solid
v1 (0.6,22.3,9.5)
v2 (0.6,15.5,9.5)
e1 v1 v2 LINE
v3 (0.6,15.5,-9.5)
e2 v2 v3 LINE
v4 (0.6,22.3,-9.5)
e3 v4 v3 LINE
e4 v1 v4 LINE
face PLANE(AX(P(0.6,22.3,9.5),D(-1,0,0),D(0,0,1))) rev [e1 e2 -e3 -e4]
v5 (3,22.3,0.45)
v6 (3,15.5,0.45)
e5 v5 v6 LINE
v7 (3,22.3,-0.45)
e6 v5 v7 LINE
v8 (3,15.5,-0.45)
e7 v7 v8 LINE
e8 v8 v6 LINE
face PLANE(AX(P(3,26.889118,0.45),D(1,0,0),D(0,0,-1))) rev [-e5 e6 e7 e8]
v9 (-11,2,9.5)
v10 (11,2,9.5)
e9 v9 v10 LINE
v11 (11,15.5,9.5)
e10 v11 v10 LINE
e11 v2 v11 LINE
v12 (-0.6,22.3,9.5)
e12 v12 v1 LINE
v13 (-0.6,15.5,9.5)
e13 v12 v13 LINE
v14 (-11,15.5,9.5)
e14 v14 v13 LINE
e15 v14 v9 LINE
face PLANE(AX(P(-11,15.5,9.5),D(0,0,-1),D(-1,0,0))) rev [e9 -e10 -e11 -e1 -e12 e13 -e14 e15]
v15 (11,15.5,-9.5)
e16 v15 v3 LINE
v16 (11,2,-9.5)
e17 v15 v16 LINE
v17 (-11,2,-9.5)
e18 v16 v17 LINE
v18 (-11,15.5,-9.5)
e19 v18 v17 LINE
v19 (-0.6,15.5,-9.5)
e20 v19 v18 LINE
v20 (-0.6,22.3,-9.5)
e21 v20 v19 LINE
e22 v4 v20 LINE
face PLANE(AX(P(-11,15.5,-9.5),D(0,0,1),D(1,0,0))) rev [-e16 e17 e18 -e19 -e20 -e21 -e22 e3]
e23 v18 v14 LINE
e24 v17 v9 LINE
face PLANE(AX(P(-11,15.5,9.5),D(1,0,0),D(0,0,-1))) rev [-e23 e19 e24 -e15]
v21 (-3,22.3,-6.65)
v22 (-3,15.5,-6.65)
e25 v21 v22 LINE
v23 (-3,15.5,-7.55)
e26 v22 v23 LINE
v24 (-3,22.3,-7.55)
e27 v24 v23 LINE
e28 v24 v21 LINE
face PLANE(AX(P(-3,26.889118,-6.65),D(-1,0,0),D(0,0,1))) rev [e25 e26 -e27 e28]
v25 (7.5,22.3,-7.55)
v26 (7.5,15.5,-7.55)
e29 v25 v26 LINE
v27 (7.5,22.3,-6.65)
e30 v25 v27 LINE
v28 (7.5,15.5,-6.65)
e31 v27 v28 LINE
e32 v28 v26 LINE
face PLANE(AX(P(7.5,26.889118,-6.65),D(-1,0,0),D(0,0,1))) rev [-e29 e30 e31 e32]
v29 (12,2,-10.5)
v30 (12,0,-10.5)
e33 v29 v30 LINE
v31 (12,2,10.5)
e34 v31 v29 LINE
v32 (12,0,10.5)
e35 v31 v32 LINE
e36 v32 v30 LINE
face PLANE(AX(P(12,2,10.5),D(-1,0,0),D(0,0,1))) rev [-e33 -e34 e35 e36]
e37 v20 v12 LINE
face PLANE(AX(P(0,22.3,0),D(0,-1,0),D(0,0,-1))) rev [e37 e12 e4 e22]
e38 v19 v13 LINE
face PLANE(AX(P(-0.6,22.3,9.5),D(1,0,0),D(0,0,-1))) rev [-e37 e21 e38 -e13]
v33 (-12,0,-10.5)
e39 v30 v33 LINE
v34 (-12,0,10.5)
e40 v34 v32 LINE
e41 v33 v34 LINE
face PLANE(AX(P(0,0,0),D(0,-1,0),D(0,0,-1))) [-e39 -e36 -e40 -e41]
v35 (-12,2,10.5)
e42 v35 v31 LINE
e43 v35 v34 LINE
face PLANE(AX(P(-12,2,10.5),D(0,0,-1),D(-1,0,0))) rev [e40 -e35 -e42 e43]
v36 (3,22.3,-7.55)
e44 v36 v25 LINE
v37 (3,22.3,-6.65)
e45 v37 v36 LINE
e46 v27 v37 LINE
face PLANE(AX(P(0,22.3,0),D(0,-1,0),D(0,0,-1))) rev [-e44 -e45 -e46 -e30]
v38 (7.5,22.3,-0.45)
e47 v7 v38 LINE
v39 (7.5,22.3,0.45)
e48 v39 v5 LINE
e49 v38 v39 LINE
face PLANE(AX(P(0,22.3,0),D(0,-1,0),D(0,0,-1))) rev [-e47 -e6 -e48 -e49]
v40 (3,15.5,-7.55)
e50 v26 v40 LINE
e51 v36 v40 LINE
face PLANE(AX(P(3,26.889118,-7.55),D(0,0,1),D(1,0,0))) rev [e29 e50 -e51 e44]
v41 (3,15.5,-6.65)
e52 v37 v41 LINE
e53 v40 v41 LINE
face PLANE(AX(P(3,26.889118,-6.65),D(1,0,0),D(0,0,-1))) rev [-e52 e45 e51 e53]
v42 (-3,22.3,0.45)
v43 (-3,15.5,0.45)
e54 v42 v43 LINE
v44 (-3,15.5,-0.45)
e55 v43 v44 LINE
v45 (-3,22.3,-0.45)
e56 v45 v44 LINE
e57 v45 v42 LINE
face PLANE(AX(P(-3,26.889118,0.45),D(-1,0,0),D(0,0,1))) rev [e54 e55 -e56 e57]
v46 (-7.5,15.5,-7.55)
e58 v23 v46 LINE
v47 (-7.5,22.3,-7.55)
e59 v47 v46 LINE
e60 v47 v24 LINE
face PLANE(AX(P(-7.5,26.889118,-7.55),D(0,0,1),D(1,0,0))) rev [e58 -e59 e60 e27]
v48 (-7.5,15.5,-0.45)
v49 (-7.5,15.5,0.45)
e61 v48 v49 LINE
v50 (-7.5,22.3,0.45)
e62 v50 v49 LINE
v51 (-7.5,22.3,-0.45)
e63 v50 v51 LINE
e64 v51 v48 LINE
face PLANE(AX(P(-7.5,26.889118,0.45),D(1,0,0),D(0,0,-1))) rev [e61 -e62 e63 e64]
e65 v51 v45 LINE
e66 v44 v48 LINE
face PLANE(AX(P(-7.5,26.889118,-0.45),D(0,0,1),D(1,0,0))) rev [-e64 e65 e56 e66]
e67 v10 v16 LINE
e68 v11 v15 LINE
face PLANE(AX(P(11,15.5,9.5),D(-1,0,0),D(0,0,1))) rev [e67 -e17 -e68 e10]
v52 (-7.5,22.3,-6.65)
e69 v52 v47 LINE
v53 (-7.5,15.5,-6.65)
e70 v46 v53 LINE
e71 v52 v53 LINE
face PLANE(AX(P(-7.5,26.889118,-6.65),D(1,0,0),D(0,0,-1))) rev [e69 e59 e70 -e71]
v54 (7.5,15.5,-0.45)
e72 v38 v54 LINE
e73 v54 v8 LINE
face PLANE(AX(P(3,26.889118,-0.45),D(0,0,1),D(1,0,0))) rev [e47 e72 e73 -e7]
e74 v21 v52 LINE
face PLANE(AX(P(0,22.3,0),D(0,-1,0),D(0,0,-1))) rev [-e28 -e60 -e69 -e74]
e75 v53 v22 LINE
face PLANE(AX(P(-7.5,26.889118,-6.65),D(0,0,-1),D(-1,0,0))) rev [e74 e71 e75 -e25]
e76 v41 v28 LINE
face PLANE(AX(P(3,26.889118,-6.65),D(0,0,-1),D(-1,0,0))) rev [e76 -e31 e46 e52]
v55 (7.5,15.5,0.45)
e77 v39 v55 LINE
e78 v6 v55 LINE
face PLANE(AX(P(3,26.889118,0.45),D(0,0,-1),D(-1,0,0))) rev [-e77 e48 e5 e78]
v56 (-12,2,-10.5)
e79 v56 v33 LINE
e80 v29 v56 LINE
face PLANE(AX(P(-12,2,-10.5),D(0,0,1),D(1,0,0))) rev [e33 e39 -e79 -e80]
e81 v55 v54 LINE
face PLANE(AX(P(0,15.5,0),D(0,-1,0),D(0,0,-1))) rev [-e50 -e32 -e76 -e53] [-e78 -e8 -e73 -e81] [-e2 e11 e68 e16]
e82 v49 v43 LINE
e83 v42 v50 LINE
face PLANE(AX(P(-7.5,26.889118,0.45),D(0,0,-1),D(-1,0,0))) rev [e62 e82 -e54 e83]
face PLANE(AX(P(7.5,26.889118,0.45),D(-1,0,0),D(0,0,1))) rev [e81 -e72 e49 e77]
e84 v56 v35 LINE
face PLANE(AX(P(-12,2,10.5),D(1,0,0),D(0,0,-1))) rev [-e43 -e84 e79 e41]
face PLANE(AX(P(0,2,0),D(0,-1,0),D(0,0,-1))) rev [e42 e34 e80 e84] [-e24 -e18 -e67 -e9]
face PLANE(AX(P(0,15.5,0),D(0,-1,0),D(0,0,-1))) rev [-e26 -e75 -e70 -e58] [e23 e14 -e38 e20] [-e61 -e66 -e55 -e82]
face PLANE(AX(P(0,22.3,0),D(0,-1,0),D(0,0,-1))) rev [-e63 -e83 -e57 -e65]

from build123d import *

# Parameters (mm, degrees)
SKETCH1_W           = 24
SKETCH1_H           = 21
BOSS_EXTRUDE1_DEPTH = 2
SKETCH2_W           = 22
SKETCH2_H           = 19
BOSS_EXTRUDE2_DEPTH = 13.5
SKETCH3_W           = 1.2
SKETCH3_H           = 19
BOSS_EXTRUDE3_DEPTH = 6.8
SKETCH4_W           = 4.5
SKETCH4_H           = 0.9
BOSS_EXTRUDE4_DEPTH = 6.8


with BuildPart() as part:
    # Sketch1 → Boss-Extrude1 (new body)
    with BuildSketch(Plane(origin=(0, 0, 0), x_dir=(1, 0, 0), z_dir=(0, 1, 0))):
        Rectangle(SKETCH1_W, SKETCH1_H)
    extrude(amount=BOSS_EXTRUDE1_DEPTH)

    # Sketch2 → Boss-Extrude2 (add)
    with BuildSketch(Plane(origin=(0, 2, 0), x_dir=(1, 0, 0), z_dir=(0, 1, 0))):
        Rectangle(SKETCH2_W, SKETCH2_H)
    extrude(amount=BOSS_EXTRUDE2_DEPTH)

    # Sketch3 → Boss-Extrude3 (add)
    with BuildSketch(Plane(origin=(0, 15.5, 0), x_dir=(1, 0, 0), z_dir=(0, 1, 0))):
        Rectangle(SKETCH3_W, SKETCH3_H)
    extrude(amount=BOSS_EXTRUDE3_DEPTH)

    # Sketch4 → Boss-Extrude4 (add)
    with BuildSketch(Plane(origin=(0, 15.5, 0), x_dir=(1, 0, 0), z_dir=(0, 1, 0))):
        with Locations((-5.25, 7.1)):
            Rectangle(SKETCH4_W, SKETCH4_H)
        with Locations((-5.25, 0)):
            Rectangle(SKETCH4_W, SKETCH4_H)
        with Locations((5.25, 7.1)):
            Rectangle(SKETCH4_W, SKETCH4_H)
        with Locations((5.25, 0)):
            Rectangle(SKETCH4_W, SKETCH4_H)
    extrude(amount=BOSS_EXTRUDE4_DEPTH)


solid = part.part
